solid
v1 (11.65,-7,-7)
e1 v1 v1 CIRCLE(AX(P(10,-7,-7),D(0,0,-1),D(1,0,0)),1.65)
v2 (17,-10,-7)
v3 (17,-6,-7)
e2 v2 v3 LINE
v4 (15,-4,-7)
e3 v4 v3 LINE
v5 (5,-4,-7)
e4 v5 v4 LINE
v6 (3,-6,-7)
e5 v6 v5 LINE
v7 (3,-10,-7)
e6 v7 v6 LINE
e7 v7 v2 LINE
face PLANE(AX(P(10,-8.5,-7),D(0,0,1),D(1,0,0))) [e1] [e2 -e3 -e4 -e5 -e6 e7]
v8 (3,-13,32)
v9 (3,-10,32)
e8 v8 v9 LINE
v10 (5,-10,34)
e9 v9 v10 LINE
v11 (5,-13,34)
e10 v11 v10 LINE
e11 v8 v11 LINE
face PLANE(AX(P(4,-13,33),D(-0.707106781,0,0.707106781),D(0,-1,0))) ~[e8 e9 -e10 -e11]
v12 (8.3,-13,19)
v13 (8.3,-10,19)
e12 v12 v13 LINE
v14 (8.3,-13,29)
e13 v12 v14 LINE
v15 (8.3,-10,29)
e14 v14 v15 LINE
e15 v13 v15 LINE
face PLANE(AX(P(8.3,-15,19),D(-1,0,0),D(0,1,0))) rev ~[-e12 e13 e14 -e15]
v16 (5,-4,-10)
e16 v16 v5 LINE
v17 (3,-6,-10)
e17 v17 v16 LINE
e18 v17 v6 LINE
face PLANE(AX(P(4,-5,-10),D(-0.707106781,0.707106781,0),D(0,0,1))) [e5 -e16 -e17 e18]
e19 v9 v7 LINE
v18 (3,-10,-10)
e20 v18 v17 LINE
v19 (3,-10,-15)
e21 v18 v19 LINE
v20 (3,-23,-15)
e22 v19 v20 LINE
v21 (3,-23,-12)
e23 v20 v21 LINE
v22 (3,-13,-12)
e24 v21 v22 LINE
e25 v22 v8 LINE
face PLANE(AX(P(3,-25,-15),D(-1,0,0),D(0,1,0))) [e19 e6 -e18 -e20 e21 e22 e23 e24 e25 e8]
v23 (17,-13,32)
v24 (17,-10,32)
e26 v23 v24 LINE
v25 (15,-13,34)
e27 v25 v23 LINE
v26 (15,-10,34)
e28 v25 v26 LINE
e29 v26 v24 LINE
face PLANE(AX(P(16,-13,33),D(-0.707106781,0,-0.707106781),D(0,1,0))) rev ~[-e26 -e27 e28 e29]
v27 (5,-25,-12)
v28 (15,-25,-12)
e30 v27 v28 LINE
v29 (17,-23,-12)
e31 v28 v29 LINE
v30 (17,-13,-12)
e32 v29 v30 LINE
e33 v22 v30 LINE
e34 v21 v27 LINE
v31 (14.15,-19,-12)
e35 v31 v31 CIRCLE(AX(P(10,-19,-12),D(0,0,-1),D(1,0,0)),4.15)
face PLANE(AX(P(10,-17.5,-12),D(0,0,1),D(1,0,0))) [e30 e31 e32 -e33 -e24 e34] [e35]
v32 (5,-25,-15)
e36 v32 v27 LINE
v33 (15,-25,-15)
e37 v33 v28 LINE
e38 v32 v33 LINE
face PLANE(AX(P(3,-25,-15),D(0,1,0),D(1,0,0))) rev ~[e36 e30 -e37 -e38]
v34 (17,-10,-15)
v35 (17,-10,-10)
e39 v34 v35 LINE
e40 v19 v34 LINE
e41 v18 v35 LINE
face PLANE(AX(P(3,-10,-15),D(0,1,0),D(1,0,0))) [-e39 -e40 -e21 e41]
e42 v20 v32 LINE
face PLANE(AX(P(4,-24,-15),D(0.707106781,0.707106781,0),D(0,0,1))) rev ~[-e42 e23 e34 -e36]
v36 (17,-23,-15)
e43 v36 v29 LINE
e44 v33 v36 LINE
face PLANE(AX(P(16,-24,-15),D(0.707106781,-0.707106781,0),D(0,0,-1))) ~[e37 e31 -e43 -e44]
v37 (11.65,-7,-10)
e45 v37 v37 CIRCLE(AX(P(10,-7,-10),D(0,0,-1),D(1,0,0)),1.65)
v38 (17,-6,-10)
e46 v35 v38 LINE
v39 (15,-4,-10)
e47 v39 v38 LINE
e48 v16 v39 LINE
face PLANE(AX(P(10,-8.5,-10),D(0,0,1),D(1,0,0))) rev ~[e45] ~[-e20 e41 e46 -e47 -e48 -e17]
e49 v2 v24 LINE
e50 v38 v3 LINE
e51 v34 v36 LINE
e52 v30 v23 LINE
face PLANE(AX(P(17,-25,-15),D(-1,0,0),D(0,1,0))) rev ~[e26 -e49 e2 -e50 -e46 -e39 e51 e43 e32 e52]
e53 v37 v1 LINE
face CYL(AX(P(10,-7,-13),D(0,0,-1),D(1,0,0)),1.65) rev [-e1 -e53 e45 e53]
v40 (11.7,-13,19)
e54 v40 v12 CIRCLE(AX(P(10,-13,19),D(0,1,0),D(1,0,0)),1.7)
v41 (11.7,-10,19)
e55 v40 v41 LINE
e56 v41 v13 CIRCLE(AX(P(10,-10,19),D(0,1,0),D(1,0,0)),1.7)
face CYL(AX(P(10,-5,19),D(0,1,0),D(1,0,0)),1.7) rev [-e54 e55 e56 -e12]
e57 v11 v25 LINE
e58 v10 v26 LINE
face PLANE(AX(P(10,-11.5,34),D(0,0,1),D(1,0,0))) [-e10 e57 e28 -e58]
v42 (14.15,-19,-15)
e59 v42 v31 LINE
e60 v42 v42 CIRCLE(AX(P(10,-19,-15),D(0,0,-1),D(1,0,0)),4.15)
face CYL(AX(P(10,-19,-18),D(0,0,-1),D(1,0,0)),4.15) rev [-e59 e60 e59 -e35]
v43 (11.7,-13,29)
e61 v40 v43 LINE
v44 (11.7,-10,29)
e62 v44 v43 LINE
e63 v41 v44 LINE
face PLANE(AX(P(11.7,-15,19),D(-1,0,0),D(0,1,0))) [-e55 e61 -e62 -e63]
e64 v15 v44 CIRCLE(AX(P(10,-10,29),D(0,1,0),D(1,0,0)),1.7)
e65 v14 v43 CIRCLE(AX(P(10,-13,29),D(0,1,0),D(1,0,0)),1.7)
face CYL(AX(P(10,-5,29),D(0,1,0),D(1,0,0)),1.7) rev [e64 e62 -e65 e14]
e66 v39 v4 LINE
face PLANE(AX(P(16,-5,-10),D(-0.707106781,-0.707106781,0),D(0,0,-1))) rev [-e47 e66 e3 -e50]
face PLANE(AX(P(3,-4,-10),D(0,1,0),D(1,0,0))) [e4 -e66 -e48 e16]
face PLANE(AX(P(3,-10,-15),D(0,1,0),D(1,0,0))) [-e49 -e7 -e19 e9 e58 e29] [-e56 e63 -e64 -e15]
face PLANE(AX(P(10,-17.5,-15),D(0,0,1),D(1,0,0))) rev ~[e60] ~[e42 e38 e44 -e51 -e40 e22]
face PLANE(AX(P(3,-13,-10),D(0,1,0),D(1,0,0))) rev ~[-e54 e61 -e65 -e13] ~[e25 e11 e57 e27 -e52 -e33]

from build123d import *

# Parameters (mm, degrees)
CYLINDER010056_R               = 4.15
CYLINDER010056_DEPTH           = 8
BOX051068_W                    = 14
BOX051068_H                    = 15
BOX051068_DEPTH                = 3
CHAMFER006001008042011035_SIZE = 2
CYLINDER010057_R               = 1.65
CYLINDER010057_DEPTH           = 8
BOX051070_W                    = 14
BOX051070_H                    = 9
BOX051070_DEPTH                = 3
CHAMFER006001008042011037_SIZE = 2
BOX051069_W                    = 3.4
BOX051069_H                    = 9
BOX051069_DEPTH                = 10
CYLINDER010059_R               = 1.7
CYLINDER010059_DEPTH           = 10
CYLINDER010058_R               = 1.7
CYLINDER010058_DEPTH           = 10
BOX051067_W                    = 14
BOX051067_H                    = 3
BOX051067_DEPTH                = 49
CHAMFER006001008042011038_SIZE = 2


with BuildPart() as cylinder065:
    # Cylinder010056 → Cylinder010056 (new body)
    with BuildSketch(Plane(origin=(8, -20, -17), x_dir=(1, 0, 0), z_dir=(0, 0, 1))):
        Circle(CYLINDER010056_R)
    extrude(amount=CYLINDER010056_DEPTH)


with BuildPart() as chamfer006001008042011035:
    # Box051068 → Box051068 (new body)
    with BuildSketch(Plane(origin=(1, -26, -14), x_dir=(1, 0, 0), z_dir=(0, 0, 1))):
        with Locations((7, 7.5)):
            Rectangle(BOX051068_W, BOX051068_H)
    extrude(amount=BOX051068_DEPTH)

    # Cut036009013017007033022003: cut Cylinder065
    add(cylinder065.part, mode=Mode.SUBTRACT)

    # Chamfer006001008042011035
    chamfer006001008042011035_edges = [chamfer006001008042011035.edges().sort_by_distance(p)[0] for p in [
        (1, -26, -12.5),
        (15, -26, -12.5),
    ]]
    chamfer(chamfer006001008042011035_edges, length=CHAMFER006001008042011035_SIZE)


with BuildPart() as cylinder066:
    # Cylinder010057 → Cylinder010057 (new body)
    with BuildSketch(Plane(origin=(8, -8, -12), x_dir=(1, 0, 0), z_dir=(0, 0, 1))):
        Circle(CYLINDER010057_R)
    extrude(amount=CYLINDER010057_DEPTH)


with BuildPart() as chamfer006001008042011037:
    # Box051070 → Box051070 (new body)
    with BuildSketch(Plane(origin=(1, -14, -9), x_dir=(1, 0, 0), z_dir=(0, 0, 1))):
        with Locations((7, 4.5)):
            Rectangle(BOX051070_W, BOX051070_H)
    extrude(amount=BOX051070_DEPTH)

    # Cut036009013017007033022005: cut Cylinder066
    add(cylinder066.part, mode=Mode.SUBTRACT)

    # Chamfer006001008042011037
    chamfer006001008042011037_edges = [chamfer006001008042011037.edges().sort_by_distance(p)[0] for p in [
        (1, -5, -7.5),
        (15, -5, -7.5),
    ]]
    chamfer(chamfer006001008042011037_edges, length=CHAMFER006001008042011037_SIZE)


with BuildPart() as cube120:
    # Box051069 → Box051069 (new body)
    with BuildSketch(Plane(origin=(6.3, -16, 20), x_dir=(1, 0, 0), z_dir=(0, 0, 1))):
        with Locations((1.7, 4.5)):
            Rectangle(BOX051069_W, BOX051069_H)
    extrude(amount=BOX051069_DEPTH)


with BuildPart() as cylinder068:
    # Cylinder010059 → Cylinder010059 (new body)
    with BuildSketch(Plane(origin=(8, -6, 20), x_dir=(1, 0, 0), z_dir=(0, -1, 0))):
        Circle(CYLINDER010059_R)
    extrude(amount=CYLINDER010059_DEPTH)


with BuildPart() as fusion004006005010017004019022003002035:
    # Cylinder010058 → Cylinder010058 (new body)
    with BuildSketch(Plane(origin=(8, -6, 30), x_dir=(1, 0, 0), z_dir=(0, -1, 0))):
        Circle(CYLINDER010058_R)
    extrude(amount=CYLINDER010058_DEPTH)

    # Fusion004006005010017004019022003002035: union Cube120, Cylinder068
    add(cube120.part)
    add(cylinder068.part)


with BuildPart() as probe_m8_r1:
    # Box051067 → Box051067 (new body)
    with BuildSketch(Plane(origin=(1, -14, -14), x_dir=(1, 0, 0), z_dir=(0, 0, 1))):
        with Locations((7, 1.5)):
            Rectangle(BOX051067_W, BOX051067_H)
    extrude(amount=BOX051067_DEPTH)

    # Cut036009013017007033022006: cut Fusion004006005010017004019022003002035
    add(fusion004006005010017004019022003002035.part, mode=Mode.SUBTRACT)

    # Chamfer006001008042011038
    chamfer006001008042011038_edges = [probe_m8_r1.edges().sort_by_distance(p)[0] for p in [
        (1, -12.5, 35),
        (15, -12.5, 35),
    ]]
    chamfer(chamfer006001008042011038_edges, length=CHAMFER006001008042011038_SIZE)

    # Fusion004006005010017004019022003002036: union Chamfer006001008042011035, Chamfer006001008042011037
    add(chamfer006001008042011035.part)
    add(chamfer006001008042011037.part)


with BuildPart() as probe_m8_r1_1:
    # Fusion004006005010017004019022003002036 placement: moved
    add(probe_m8_r1.part.moved(Location((2, 1, -1))))


solid = probe_m8_r1_1.part
